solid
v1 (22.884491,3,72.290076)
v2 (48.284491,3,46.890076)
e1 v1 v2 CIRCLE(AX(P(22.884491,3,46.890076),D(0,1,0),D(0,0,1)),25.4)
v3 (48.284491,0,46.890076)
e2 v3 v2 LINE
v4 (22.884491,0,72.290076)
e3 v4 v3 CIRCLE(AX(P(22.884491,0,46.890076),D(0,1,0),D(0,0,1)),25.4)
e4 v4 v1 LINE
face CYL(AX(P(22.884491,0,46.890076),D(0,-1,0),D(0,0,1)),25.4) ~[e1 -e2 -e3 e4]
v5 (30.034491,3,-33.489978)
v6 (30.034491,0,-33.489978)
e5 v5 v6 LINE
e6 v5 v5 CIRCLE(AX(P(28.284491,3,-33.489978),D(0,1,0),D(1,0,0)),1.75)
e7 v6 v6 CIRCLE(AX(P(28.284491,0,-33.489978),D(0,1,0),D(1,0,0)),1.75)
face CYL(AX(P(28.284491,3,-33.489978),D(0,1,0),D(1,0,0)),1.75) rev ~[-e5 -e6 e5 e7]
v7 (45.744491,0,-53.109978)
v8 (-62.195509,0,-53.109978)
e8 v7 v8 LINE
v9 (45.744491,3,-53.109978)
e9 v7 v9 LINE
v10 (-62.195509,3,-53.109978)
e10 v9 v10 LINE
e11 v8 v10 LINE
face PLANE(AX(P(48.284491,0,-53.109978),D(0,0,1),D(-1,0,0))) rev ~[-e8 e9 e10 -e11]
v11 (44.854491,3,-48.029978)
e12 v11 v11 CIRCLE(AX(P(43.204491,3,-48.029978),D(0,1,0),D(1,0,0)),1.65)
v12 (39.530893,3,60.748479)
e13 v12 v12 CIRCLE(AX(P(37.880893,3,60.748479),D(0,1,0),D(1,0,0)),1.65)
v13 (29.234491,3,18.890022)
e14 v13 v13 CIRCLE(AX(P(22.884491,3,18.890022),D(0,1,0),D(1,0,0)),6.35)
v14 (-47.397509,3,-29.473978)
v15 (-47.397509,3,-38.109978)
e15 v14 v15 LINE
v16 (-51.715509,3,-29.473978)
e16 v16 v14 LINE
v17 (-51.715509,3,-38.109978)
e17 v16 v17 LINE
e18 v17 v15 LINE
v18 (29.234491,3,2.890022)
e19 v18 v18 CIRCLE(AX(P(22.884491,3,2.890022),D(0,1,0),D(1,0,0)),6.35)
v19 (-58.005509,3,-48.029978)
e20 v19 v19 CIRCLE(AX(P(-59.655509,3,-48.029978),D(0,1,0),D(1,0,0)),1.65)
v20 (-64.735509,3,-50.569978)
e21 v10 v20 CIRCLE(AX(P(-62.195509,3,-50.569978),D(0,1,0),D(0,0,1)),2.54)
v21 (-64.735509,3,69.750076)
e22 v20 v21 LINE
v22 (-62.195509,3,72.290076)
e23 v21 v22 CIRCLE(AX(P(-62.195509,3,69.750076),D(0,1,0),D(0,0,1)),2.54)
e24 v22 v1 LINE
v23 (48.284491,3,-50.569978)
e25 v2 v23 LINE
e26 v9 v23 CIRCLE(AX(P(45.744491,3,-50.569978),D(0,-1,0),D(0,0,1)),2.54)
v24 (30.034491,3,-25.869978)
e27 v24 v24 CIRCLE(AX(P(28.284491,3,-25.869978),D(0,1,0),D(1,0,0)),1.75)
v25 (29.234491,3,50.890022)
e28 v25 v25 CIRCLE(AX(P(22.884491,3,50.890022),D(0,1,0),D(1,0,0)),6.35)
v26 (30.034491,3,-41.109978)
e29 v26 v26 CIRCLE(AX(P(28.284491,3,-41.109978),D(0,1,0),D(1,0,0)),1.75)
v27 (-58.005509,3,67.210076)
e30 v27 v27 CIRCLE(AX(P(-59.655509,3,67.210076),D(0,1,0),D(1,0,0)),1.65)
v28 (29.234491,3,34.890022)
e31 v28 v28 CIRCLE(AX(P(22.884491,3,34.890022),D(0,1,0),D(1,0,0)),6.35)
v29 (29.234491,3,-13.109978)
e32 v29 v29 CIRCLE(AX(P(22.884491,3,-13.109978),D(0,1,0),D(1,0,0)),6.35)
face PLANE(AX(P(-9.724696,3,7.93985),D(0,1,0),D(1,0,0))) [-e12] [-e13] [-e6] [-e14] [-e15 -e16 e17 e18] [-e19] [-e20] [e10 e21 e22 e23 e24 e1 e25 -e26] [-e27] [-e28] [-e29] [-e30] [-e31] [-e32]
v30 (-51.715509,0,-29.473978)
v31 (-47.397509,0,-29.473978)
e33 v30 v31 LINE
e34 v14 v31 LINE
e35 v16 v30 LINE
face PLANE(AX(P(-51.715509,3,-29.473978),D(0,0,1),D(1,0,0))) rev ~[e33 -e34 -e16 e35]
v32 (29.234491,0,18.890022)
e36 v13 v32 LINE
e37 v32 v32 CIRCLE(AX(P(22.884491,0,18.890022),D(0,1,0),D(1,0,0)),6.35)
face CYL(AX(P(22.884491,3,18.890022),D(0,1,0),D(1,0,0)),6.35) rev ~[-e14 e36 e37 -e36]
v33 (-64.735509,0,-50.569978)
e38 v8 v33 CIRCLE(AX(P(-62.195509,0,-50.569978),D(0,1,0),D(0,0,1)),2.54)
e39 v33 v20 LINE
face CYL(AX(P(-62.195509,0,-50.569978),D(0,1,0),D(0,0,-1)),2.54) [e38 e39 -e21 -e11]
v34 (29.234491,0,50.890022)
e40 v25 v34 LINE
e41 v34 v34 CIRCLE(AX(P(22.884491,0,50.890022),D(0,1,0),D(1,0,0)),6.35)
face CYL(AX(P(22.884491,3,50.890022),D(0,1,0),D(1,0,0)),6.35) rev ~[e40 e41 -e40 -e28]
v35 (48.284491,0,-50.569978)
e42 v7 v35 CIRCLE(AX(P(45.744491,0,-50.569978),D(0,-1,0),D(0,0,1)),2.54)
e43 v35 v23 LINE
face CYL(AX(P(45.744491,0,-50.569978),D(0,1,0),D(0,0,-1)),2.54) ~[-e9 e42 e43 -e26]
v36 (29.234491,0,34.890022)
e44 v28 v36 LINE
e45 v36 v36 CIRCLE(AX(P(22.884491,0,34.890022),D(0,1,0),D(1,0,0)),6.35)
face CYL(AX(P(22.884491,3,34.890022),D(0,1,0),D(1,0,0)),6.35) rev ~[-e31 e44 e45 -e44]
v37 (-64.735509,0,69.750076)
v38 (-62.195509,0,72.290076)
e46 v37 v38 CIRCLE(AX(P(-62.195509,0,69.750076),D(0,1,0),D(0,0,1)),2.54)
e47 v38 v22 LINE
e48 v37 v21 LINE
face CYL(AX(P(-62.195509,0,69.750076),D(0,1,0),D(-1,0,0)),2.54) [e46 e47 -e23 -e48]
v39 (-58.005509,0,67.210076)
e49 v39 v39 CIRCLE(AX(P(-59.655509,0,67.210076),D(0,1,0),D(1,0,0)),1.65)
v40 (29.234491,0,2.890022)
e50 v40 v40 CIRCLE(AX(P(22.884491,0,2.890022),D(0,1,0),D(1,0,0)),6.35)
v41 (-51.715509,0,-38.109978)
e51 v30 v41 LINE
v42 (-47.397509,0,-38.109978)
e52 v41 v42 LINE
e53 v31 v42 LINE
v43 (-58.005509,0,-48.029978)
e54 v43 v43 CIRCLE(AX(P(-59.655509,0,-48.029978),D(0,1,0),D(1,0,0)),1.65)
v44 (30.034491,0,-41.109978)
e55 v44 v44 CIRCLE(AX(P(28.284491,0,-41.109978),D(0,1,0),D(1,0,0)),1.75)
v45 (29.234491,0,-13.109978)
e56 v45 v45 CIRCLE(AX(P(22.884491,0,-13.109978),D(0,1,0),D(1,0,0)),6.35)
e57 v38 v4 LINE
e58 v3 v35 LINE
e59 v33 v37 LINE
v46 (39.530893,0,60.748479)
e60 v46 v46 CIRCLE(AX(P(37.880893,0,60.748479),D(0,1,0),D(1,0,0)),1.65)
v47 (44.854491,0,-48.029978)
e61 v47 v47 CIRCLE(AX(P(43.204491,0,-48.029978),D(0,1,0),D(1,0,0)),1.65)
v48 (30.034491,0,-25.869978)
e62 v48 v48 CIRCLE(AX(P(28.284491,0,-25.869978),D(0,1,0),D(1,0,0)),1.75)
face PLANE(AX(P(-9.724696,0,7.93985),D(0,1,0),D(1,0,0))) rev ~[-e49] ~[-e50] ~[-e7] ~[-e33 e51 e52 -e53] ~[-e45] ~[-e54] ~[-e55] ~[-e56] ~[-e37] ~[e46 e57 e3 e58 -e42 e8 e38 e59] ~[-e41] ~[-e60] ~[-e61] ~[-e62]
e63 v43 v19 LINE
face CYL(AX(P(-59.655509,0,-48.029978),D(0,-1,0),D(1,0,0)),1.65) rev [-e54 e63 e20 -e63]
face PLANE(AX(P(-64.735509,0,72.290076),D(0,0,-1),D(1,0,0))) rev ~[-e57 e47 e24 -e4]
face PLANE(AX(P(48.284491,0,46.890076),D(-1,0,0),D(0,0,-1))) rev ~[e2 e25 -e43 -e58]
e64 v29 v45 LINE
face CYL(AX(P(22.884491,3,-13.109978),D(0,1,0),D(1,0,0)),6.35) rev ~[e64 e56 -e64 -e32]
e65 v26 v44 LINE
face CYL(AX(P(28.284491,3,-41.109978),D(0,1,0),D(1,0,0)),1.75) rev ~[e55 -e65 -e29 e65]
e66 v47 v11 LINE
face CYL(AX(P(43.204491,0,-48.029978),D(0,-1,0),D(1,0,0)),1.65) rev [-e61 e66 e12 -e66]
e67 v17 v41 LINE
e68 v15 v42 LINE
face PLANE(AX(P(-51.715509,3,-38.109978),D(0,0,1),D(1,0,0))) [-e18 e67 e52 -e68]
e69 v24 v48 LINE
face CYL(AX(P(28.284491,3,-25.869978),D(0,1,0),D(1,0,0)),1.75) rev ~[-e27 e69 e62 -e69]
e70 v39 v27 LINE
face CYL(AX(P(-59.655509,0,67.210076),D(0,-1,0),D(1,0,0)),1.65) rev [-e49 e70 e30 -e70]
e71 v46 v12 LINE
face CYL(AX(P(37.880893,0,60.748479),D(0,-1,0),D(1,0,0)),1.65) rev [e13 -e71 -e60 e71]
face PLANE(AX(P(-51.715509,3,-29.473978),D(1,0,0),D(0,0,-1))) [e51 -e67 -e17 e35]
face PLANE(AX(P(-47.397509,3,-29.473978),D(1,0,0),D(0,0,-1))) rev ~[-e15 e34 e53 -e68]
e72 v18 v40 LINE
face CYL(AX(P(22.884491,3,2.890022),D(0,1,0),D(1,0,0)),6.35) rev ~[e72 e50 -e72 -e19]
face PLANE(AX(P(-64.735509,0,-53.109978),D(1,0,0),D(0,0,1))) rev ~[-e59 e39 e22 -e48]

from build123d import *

# Parameters (mm, degrees)
SKETCH1_R           = 1.65
BOSS_EXTRUDE3_DEPTH = 3
FILLET1_R           = 2.54
SKETCH6_R           = 6.35
BUTTONS_DEPTH       = 4
SKETCH7_R           = 1.75
CUT_EXTRUDE5_DEPTH  = 4
SKETCH8_W           = 4.318
SKETCH8_H           = 8.636
CUT_EXTRUDE6_DEPTH  = 4


with BuildPart() as part:
    # Sketch1 → Boss-Extrude3 (new body)
    with BuildSketch(Plane(origin=(0, 0, 0), x_dir=(1, 0, 0), z_dir=(0, 1, 0))):
        with BuildLine():
            Line((48.284490735, 53.109977813), (-64.735509285, 53.109977813))
            Line((-64.735509285, 53.109977813), (-64.735509285, -72.290076187))
            Line((-64.735509285, -72.290076187), (22.884490735, -72.290076187))
            ThreePointArc((22.884490735, -72.290076187), (40.845002977, -64.850588429), (48.284490735, -46.890076187))
            Line((48.284490735, -46.890076187), (48.284490735, 53.109977813))
        make_face()
        with Locations((-59.655509285, 48.029977813)):
            Circle(SKETCH1_R, mode=Mode.SUBTRACT)
        with Locations((43.204490735, 48.029977813)):
            Circle(SKETCH1_R, mode=Mode.SUBTRACT)
        with Locations((-59.655509285, -67.210076187)):
            Circle(SKETCH1_R, mode=Mode.SUBTRACT)
        with Locations((37.880892571, -60.748479124)):
            Circle(SKETCH1_R, mode=Mode.SUBTRACT)
    extrude(amount=BOSS_EXTRUDE3_DEPTH)

    # Fillet1
    fillet1_edges = [part.edges().sort_by_distance(p)[0] for p in [
        (-64.735509285, 1.5, 72.290076187),
        (-64.735509285, 1.5, -53.109977813),
        (48.284490735, 1.5, -53.109977813),
    ]]
    fillet(fillet1_edges, radius=FILLET1_R)

    # Sketch6 → Buttons (cut, through all)
    with BuildSketch(Plane(origin=(0, 3, 0), x_dir=(1, 0, 0), z_dir=(0, 1, 0))):
        with Locations((22.884490735, 13.109977813)):
            Circle(SKETCH6_R)
        with Locations((22.884490735, -2.890022187)):
            Circle(SKETCH6_R)
        with Locations((22.884490735, -18.890022187)):
            Circle(SKETCH6_R)
        with Locations((22.884490735, -34.890022187)):
            Circle(SKETCH6_R)
        with Locations((22.884490735, -50.890022187)):
            Circle(SKETCH6_R)
    extrude(amount=-BUTTONS_DEPTH, mode=Mode.SUBTRACT)

    # Sketch7 → Cut-Extrude5 (cut, through all)
    with BuildSketch(Plane(origin=(0, 3, 0), x_dir=(1, 0, 0), z_dir=(0, 1, 0))):
        with Locations((28.284490735, 41.109977813)):
            Circle(SKETCH7_R)
        with Locations((28.284490735, 33.489977813)):
            Circle(SKETCH7_R)
        with Locations((28.284490735, 25.869977813)):
            Circle(SKETCH7_R)
    extrude(amount=-CUT_EXTRUDE5_DEPTH, mode=Mode.SUBTRACT)

    # Sketch8 → Cut-Extrude6 (cut, through all)
    with BuildSketch(Plane(origin=(0, 3, 0), x_dir=(1, 0, 0), z_dir=(0, 1, 0))):
        with Locations((-49.556509265, 33.791977813)):
            Rectangle(SKETCH8_W, SKETCH8_H)
    extrude(amount=-CUT_EXTRUDE6_DEPTH, mode=Mode.SUBTRACT)


solid = part.part
